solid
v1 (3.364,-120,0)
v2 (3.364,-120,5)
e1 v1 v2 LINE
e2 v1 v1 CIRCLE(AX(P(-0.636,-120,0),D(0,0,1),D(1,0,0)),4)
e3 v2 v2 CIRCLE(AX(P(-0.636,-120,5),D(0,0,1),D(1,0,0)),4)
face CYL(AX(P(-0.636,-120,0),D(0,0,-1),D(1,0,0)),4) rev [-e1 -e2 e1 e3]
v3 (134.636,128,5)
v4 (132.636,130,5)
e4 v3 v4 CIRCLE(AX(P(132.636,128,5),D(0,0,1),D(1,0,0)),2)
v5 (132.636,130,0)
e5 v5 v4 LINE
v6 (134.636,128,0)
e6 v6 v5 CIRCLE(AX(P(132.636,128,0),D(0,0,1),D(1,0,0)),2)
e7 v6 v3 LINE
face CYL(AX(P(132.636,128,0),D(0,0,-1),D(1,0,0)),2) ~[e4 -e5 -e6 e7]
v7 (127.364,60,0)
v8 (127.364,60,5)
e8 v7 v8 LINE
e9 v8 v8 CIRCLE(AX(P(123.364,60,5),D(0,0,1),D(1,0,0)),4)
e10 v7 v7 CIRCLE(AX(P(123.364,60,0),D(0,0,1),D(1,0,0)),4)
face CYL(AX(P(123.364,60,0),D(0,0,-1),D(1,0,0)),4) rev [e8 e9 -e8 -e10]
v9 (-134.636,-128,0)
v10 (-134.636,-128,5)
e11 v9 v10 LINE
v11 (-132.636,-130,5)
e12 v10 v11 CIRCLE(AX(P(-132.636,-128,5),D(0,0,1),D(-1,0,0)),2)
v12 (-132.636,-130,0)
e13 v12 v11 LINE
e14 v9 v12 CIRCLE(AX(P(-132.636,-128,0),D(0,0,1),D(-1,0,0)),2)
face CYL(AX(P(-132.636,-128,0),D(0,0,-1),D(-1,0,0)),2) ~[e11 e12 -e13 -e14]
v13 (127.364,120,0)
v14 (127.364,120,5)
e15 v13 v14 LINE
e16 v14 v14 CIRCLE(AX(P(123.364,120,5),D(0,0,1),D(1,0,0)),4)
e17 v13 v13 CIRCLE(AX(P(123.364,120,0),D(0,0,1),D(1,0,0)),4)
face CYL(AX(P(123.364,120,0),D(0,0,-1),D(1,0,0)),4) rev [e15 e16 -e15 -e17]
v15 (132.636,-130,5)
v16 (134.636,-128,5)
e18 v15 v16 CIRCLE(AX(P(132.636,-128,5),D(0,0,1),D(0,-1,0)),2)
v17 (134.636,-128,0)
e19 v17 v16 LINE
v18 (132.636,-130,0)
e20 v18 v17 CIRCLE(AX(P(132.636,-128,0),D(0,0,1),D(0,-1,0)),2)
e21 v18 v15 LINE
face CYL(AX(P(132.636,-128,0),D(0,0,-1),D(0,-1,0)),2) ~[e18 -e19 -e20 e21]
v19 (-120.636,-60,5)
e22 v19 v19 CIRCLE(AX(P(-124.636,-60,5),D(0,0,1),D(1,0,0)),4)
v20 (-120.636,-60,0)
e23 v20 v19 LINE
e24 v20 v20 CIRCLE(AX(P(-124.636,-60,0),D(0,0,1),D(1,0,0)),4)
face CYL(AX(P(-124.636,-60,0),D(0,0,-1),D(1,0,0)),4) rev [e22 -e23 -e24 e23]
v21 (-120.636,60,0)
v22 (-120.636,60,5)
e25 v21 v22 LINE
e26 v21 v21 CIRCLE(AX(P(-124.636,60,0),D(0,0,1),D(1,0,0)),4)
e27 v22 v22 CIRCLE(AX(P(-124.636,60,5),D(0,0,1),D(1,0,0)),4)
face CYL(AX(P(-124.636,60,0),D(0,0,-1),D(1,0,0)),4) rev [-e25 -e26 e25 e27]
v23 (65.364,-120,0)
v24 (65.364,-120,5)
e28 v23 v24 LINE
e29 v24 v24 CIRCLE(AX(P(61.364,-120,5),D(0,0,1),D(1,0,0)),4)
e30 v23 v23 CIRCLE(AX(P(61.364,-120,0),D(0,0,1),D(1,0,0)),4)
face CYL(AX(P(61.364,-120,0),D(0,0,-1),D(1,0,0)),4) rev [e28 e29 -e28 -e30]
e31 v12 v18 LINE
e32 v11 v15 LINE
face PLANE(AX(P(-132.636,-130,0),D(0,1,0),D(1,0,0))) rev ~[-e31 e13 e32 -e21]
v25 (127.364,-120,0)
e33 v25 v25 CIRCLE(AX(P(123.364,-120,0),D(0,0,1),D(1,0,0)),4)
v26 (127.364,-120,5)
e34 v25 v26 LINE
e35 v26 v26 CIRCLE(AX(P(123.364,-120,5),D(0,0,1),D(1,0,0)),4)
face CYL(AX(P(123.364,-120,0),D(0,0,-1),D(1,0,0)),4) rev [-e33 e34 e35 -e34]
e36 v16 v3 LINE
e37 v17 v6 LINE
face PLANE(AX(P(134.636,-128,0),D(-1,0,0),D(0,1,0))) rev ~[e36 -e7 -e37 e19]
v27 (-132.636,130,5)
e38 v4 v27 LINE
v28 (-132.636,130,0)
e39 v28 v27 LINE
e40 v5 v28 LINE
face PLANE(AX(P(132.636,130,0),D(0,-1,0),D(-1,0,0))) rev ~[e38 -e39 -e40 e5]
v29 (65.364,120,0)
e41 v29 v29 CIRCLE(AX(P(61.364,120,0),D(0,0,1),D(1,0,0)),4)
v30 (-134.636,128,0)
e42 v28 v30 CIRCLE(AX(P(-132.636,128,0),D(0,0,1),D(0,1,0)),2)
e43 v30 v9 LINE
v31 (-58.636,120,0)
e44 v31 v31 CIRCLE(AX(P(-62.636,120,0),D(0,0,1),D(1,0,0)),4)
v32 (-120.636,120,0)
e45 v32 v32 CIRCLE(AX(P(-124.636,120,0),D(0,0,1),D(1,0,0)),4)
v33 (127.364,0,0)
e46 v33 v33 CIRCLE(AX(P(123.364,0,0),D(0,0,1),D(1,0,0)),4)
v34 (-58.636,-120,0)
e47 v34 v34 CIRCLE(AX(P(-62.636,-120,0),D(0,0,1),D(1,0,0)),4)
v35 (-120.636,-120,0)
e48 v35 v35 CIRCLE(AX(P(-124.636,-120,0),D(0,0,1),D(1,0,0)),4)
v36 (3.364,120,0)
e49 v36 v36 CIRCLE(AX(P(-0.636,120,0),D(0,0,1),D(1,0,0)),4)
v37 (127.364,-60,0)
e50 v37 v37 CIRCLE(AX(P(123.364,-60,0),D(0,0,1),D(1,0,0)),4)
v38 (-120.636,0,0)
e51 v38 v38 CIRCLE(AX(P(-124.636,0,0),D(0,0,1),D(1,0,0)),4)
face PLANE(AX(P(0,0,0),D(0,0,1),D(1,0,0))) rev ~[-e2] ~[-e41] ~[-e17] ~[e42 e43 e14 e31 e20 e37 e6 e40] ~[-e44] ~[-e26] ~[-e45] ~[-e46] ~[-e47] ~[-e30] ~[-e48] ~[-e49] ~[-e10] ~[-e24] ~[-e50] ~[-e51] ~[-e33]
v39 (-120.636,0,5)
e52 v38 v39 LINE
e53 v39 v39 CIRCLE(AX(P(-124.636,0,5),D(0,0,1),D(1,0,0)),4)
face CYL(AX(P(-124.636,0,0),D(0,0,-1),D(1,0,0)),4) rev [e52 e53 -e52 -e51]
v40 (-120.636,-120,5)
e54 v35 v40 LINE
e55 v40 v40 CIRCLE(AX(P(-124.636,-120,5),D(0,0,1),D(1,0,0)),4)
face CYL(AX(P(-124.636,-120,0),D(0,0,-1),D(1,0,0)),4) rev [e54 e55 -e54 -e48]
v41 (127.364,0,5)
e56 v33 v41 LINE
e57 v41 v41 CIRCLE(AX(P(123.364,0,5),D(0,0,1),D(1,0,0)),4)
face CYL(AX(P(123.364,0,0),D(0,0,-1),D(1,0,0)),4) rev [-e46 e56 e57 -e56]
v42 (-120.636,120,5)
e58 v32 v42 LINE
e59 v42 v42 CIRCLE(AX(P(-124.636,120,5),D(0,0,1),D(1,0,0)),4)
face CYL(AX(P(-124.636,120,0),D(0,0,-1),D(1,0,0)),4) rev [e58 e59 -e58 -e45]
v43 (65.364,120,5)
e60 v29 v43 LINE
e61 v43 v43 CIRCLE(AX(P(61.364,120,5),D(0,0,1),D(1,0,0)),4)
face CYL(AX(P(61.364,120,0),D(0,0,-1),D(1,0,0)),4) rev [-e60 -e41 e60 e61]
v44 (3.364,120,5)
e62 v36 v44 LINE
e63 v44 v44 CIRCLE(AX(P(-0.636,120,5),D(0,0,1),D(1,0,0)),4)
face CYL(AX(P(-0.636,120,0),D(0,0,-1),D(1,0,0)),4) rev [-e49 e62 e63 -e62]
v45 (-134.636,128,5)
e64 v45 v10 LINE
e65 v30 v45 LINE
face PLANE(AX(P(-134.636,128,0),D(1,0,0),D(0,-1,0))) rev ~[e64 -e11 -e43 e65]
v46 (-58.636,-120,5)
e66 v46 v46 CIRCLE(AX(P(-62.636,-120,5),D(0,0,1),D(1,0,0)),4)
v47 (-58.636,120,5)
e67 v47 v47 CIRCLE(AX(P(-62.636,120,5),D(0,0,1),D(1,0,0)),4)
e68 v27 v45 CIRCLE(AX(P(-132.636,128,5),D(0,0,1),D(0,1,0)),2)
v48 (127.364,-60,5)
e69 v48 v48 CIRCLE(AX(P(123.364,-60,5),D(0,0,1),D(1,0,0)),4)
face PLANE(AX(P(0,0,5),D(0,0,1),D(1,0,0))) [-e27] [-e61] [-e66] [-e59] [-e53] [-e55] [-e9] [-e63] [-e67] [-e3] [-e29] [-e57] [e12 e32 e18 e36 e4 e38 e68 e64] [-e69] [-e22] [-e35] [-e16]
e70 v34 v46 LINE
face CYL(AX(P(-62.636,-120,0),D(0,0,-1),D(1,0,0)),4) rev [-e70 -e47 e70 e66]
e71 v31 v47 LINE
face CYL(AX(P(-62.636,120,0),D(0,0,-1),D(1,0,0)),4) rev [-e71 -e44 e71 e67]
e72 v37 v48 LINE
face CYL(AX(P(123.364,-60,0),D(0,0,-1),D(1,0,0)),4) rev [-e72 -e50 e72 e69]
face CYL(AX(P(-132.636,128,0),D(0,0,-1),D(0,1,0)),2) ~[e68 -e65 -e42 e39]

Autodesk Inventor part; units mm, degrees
ref_plane "YZ Plane" through (0, 0, 0) normal (1, 0, 0) x (0, 1, 0)
ref_plane "XZ Plane" through (0, 0, 0) normal (0, 1, 0) x (-1, 0, 0)
ref_plane "XY Plane" through (0, 0, 0) normal (0, 0, 1) x (1, 0, 0)
ref_plane "РабПлоскость1" through (0, 0, 0) normal (0, 0, 1) x (1, 0, 0)
sketch "Эскиз1" plane through (0, 0, 0) normal (0, 0, 1) x (1, 0, 0)
  line L0 (-134.636, 128) -> (-134.636, -128) projected
  arc A0 (-134.636, -128) -> (-132.636, -130) centre (-132.636, -128) ccw projected
  line L1 (-132.636, -130) -> (132.636, -130) projected
  arc A1 (132.636, -130) -> (134.636, -128) centre (132.636, -128) ccw projected
  line L2 (134.636, -128) -> (134.636, 128) projected
  arc A2 (134.636, 128) -> (132.636, 130) centre (132.636, 128) ccw projected
  line L3 (132.636, 130) -> (-132.636, 130) projected
  arc A3 (-132.636, 130) -> (-134.636, 128) centre (-132.636, 128) ccw projected
  circle A4 centre (-124.636, 120) radius 4 projected
  circle A5 centre (-0.636, 120) radius 4 projected
  circle A6 centre (123.364, 120) radius 4 projected
  circle A7 centre (123.364, 60) radius 4 projected
  circle A8 centre (123.364, 0) radius 4 projected
  circle A9 centre (-124.636, -60) radius 4 projected
  circle A10 centre (123.364, -60) radius 4 projected
  circle A11 centre (-124.636, -120) radius 4 projected
  circle A12 centre (-62.636, -120) radius 4 projected
  circle A13 centre (-0.636, -120) radius 4 projected
  circle A14 centre (61.364, -120) radius 4 projected
  circle A15 centre (123.364, -120) radius 4 projected
  circle A16 centre (-124.636, 0) radius 4 projected
  circle A17 centre (-124.636, 60) radius 4 projected
  circle A18 centre (61.364, 120) radius 4 projected
  circle A19 centre (-62.636, 120) radius 4 projected
  line L4 (115.364, 110) -> (115.364, -110) projected
  line L5 (115.364, -110) -> (-114.636, -110) projected
  line L6 (-114.636, -110) -> (-114.636, 110) projected
  line L7 (-114.636, 110) -> (115.364, 110) projected
  point P0 (0, 0)
extrude "Выдавливание1" add sketch "Эскиз1" along normal blind 5 contours A3 L3 A2 L2 A1 L1 A0 L0 | L4 L5 L6 L7
properties part number "Крышка водяной рубашки" material "Чугун, серый"
